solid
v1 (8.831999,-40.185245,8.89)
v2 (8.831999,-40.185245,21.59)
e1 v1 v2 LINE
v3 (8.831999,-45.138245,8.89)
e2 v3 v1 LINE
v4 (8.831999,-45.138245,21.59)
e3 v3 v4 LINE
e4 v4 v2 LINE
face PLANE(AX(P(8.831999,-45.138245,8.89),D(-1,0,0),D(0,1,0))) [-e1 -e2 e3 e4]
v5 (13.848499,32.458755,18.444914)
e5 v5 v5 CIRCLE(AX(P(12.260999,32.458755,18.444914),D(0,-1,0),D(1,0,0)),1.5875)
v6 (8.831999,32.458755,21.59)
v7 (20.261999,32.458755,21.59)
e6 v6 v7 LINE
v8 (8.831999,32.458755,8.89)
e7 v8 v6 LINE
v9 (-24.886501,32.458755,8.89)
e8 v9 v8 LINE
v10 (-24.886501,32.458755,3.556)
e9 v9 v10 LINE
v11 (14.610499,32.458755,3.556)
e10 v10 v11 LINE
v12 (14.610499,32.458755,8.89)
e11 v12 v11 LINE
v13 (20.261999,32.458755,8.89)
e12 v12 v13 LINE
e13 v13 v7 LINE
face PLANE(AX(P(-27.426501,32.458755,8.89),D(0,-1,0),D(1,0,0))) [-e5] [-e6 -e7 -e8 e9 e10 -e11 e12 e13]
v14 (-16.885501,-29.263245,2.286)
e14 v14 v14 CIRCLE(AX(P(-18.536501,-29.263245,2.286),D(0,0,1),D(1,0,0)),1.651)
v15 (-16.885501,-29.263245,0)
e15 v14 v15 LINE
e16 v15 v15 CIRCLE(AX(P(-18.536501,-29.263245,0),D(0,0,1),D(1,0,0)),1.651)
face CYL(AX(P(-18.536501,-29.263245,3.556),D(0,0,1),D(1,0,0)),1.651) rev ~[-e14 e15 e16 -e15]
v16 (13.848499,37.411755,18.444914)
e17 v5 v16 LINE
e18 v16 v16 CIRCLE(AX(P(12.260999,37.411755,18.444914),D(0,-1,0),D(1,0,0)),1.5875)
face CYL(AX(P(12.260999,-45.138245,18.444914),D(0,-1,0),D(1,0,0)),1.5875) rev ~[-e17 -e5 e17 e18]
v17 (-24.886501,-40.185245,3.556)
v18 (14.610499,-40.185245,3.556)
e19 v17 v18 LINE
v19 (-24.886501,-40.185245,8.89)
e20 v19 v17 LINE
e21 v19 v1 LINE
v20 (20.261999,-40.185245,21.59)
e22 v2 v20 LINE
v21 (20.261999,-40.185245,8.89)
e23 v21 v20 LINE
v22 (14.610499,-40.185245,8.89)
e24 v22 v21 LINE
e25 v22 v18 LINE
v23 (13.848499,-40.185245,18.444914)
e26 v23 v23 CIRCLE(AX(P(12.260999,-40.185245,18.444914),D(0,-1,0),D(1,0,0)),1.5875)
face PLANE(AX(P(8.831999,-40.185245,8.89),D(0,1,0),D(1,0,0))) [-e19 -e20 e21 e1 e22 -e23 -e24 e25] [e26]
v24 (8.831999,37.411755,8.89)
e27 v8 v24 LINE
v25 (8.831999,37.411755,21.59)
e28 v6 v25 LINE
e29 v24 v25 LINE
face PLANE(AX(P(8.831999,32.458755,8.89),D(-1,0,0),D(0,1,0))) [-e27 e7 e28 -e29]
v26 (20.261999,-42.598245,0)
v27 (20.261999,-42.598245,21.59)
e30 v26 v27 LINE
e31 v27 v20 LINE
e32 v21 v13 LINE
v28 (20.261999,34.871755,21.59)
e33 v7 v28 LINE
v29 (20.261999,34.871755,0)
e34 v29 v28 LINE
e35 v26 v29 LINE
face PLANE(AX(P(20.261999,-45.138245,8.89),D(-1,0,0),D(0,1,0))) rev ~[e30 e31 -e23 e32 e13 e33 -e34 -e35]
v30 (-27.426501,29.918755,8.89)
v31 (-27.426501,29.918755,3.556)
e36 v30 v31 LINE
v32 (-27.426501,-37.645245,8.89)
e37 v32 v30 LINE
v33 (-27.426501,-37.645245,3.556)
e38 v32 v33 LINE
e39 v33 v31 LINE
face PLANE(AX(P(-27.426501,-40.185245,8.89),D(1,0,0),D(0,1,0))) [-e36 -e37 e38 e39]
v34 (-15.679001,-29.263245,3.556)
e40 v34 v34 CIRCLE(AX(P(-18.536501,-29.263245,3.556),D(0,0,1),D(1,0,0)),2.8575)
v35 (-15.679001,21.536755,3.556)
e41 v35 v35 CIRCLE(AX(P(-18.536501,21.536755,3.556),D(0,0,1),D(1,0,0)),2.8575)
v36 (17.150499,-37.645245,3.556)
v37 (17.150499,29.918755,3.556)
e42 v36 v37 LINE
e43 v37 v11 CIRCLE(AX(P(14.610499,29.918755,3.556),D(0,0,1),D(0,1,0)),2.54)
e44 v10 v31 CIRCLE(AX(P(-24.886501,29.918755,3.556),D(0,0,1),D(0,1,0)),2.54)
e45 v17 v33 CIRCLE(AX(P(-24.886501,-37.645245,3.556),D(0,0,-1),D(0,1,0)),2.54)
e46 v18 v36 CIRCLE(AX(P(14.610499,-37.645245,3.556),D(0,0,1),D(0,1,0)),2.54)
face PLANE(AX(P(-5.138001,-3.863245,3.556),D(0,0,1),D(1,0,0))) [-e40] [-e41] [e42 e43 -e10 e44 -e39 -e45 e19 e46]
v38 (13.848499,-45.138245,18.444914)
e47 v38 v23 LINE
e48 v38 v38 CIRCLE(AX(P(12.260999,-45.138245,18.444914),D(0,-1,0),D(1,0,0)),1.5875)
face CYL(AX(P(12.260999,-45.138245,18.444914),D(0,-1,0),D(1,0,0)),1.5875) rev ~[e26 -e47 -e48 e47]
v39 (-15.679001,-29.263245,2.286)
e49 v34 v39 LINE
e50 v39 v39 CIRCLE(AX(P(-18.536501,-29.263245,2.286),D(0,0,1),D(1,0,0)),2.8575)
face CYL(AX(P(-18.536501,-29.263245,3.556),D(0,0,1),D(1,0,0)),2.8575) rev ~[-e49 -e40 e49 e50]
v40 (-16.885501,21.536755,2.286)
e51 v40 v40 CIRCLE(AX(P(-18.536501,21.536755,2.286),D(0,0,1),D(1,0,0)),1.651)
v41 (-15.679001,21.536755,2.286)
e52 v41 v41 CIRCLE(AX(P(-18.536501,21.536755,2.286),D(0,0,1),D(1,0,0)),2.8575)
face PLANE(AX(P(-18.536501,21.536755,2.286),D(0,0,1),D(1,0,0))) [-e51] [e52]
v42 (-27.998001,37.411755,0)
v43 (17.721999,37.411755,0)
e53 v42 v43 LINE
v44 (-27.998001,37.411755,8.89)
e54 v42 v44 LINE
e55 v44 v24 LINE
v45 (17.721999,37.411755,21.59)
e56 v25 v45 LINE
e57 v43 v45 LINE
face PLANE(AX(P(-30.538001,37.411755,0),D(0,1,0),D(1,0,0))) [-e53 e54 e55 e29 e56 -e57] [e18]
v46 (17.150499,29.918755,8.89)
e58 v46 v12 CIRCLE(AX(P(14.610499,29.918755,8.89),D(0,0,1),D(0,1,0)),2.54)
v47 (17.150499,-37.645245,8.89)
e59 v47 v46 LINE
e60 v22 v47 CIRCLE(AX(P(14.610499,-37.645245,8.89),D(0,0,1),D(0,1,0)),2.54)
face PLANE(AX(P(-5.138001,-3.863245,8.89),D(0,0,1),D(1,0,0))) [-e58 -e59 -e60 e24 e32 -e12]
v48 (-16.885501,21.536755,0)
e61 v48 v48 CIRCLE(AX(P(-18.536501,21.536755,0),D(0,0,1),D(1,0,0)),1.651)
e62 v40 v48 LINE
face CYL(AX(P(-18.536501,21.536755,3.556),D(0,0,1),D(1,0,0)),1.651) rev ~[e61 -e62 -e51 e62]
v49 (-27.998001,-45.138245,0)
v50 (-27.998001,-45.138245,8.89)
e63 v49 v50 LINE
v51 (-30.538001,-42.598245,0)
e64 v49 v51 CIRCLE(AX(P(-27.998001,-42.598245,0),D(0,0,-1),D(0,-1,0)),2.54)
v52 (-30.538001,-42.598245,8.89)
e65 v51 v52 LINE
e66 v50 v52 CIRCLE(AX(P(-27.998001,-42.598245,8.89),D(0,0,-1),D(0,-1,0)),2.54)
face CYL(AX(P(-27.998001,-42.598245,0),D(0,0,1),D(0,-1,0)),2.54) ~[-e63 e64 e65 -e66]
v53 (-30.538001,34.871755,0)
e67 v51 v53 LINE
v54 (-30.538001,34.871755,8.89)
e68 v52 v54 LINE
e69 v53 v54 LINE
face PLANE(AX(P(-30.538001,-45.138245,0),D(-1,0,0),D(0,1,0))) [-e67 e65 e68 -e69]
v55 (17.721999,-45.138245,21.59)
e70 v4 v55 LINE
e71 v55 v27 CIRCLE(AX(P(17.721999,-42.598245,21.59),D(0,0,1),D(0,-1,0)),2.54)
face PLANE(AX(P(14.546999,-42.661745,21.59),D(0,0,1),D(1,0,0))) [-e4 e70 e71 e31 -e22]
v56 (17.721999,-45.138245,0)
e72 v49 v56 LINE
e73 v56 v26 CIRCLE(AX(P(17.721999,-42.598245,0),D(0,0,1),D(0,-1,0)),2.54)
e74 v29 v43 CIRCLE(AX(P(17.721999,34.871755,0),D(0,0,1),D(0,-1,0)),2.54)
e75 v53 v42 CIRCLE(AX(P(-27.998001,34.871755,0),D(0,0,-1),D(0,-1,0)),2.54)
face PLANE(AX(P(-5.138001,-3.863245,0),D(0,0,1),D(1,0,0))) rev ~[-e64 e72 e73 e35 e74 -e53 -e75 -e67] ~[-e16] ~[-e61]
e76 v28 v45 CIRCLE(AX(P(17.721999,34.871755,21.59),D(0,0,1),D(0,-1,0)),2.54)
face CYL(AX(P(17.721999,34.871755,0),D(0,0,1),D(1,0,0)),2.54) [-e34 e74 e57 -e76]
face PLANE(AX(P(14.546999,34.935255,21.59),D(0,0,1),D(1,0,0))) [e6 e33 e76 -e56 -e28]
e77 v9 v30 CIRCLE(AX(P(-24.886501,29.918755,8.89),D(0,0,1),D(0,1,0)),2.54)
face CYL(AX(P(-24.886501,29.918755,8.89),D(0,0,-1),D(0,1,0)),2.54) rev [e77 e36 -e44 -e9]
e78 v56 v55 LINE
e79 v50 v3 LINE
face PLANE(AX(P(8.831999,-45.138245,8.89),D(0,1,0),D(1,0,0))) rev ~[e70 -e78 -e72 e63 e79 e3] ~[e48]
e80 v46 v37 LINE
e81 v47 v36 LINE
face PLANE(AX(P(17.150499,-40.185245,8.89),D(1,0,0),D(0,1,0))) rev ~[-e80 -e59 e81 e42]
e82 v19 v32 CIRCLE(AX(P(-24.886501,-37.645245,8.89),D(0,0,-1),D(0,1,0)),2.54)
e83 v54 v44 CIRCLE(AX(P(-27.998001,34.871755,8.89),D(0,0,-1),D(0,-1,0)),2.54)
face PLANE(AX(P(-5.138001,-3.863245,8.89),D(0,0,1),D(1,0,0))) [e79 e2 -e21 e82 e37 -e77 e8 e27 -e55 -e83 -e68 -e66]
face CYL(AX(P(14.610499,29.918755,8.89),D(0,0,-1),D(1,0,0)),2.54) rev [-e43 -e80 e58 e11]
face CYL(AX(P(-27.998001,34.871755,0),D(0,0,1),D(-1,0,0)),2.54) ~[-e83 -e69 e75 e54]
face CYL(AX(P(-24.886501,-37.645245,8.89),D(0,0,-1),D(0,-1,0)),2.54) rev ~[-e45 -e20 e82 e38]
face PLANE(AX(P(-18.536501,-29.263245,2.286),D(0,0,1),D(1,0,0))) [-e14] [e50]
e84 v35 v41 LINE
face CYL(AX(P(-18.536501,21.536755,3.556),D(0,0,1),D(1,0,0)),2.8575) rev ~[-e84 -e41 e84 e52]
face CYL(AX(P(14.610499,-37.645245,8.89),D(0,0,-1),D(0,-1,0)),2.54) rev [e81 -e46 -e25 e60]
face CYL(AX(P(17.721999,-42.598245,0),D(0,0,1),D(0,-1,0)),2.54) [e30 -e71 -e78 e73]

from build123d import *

# Parameters (mm, degrees)
F0_W      = 50.8
F0_H      = 82.55
F1_DEPTH  = 8.89
F2_W      = 44.577
F2_H      = 72.644
F3_DEPTH  = 5.334
F4_R      = 2.54
F5_R      = 1.651
F6_DEPTH  = 25.4
F7_R      = 2.8575
F8_DEPTH  = 1.27
F9_W      = 11.43
F9_H      = 4.953
F10_DEPTH = 12.7
F11_R     = 1.5875
F12_DEPTH = 127
F13_R     = 2.54


with BuildPart() as f1:
    # F0 (on Top) → F1 (new body)
    with BuildSketch(Plane.XY):
        with Locations((-5.138001, -3.863245)):
            Rectangle(F0_W, F0_H)
    extrude(amount=F1_DEPTH)

    # F2 (on face) → F3 (cut)
    with BuildSketch(Plane.XY.offset(8.89)):
        with Locations((-5.138001, -3.863245)):
            Rectangle(F2_W, F2_H)
    extrude(amount=-F3_DEPTH, mode=Mode.SUBTRACT)

    # F4
    f4_edges = [f1.edges().sort_by_distance(p)[0] for p in [
        (-27.426501, 32.458755, 6.223),
        (17.150499, 32.458755, 6.223),
        (17.150499, -40.185245, 6.223),
        (-27.426501, -40.185245, 6.223),
    ]]
    fillet(f4_edges, radius=F4_R)

    # F5 (on face) → F6 (cut)
    with BuildSketch(Plane.XY.offset(3.556)):
        with Locations((-18.536501, 21.536755)):
            Circle(F5_R)
        with Locations((-18.536501, -29.263245)):
            Circle(F5_R)
    extrude(amount=-F6_DEPTH, mode=Mode.SUBTRACT)

    # F7 (on face) → F8 (cut)
    with BuildSketch(Plane.XY.offset(3.556)):
        with Locations((-18.536501, 21.536755)):
            Circle(F7_R)
        with Locations((-18.536501, -29.263245)):
            Circle(F7_R)
    extrude(amount=-F8_DEPTH, mode=Mode.SUBTRACT)

    # F9 (on face) → F10 (join)
    with BuildSketch(Plane.XY.offset(8.89)):
        with Locations((14.546999, -42.661745)):
            Rectangle(F9_W, F9_H)
        with Locations((14.546999, 34.935255)):
            Rectangle(F9_W, F9_H)
    extrude(amount=F10_DEPTH)

    # F11 (on face) → F12 (cut)
    with BuildSketch(Plane.XZ.offset(45.138245)):
        with Locations((12.260999, 18.444914)):
            Circle(F11_R)
    extrude(amount=-F12_DEPTH, mode=Mode.SUBTRACT)

    # F13
    f13_edges = [f1.edges().sort_by_distance(p)[0] for p in [
        (20.261999, -45.138245, 10.795),
        (-30.538001, -45.138245, 4.445),
        (20.261999, 37.411755, 10.795),
        (-30.538001, 37.411755, 4.445),
    ]]
    fillet(f13_edges, radius=F13_R)


solid = f1.part
